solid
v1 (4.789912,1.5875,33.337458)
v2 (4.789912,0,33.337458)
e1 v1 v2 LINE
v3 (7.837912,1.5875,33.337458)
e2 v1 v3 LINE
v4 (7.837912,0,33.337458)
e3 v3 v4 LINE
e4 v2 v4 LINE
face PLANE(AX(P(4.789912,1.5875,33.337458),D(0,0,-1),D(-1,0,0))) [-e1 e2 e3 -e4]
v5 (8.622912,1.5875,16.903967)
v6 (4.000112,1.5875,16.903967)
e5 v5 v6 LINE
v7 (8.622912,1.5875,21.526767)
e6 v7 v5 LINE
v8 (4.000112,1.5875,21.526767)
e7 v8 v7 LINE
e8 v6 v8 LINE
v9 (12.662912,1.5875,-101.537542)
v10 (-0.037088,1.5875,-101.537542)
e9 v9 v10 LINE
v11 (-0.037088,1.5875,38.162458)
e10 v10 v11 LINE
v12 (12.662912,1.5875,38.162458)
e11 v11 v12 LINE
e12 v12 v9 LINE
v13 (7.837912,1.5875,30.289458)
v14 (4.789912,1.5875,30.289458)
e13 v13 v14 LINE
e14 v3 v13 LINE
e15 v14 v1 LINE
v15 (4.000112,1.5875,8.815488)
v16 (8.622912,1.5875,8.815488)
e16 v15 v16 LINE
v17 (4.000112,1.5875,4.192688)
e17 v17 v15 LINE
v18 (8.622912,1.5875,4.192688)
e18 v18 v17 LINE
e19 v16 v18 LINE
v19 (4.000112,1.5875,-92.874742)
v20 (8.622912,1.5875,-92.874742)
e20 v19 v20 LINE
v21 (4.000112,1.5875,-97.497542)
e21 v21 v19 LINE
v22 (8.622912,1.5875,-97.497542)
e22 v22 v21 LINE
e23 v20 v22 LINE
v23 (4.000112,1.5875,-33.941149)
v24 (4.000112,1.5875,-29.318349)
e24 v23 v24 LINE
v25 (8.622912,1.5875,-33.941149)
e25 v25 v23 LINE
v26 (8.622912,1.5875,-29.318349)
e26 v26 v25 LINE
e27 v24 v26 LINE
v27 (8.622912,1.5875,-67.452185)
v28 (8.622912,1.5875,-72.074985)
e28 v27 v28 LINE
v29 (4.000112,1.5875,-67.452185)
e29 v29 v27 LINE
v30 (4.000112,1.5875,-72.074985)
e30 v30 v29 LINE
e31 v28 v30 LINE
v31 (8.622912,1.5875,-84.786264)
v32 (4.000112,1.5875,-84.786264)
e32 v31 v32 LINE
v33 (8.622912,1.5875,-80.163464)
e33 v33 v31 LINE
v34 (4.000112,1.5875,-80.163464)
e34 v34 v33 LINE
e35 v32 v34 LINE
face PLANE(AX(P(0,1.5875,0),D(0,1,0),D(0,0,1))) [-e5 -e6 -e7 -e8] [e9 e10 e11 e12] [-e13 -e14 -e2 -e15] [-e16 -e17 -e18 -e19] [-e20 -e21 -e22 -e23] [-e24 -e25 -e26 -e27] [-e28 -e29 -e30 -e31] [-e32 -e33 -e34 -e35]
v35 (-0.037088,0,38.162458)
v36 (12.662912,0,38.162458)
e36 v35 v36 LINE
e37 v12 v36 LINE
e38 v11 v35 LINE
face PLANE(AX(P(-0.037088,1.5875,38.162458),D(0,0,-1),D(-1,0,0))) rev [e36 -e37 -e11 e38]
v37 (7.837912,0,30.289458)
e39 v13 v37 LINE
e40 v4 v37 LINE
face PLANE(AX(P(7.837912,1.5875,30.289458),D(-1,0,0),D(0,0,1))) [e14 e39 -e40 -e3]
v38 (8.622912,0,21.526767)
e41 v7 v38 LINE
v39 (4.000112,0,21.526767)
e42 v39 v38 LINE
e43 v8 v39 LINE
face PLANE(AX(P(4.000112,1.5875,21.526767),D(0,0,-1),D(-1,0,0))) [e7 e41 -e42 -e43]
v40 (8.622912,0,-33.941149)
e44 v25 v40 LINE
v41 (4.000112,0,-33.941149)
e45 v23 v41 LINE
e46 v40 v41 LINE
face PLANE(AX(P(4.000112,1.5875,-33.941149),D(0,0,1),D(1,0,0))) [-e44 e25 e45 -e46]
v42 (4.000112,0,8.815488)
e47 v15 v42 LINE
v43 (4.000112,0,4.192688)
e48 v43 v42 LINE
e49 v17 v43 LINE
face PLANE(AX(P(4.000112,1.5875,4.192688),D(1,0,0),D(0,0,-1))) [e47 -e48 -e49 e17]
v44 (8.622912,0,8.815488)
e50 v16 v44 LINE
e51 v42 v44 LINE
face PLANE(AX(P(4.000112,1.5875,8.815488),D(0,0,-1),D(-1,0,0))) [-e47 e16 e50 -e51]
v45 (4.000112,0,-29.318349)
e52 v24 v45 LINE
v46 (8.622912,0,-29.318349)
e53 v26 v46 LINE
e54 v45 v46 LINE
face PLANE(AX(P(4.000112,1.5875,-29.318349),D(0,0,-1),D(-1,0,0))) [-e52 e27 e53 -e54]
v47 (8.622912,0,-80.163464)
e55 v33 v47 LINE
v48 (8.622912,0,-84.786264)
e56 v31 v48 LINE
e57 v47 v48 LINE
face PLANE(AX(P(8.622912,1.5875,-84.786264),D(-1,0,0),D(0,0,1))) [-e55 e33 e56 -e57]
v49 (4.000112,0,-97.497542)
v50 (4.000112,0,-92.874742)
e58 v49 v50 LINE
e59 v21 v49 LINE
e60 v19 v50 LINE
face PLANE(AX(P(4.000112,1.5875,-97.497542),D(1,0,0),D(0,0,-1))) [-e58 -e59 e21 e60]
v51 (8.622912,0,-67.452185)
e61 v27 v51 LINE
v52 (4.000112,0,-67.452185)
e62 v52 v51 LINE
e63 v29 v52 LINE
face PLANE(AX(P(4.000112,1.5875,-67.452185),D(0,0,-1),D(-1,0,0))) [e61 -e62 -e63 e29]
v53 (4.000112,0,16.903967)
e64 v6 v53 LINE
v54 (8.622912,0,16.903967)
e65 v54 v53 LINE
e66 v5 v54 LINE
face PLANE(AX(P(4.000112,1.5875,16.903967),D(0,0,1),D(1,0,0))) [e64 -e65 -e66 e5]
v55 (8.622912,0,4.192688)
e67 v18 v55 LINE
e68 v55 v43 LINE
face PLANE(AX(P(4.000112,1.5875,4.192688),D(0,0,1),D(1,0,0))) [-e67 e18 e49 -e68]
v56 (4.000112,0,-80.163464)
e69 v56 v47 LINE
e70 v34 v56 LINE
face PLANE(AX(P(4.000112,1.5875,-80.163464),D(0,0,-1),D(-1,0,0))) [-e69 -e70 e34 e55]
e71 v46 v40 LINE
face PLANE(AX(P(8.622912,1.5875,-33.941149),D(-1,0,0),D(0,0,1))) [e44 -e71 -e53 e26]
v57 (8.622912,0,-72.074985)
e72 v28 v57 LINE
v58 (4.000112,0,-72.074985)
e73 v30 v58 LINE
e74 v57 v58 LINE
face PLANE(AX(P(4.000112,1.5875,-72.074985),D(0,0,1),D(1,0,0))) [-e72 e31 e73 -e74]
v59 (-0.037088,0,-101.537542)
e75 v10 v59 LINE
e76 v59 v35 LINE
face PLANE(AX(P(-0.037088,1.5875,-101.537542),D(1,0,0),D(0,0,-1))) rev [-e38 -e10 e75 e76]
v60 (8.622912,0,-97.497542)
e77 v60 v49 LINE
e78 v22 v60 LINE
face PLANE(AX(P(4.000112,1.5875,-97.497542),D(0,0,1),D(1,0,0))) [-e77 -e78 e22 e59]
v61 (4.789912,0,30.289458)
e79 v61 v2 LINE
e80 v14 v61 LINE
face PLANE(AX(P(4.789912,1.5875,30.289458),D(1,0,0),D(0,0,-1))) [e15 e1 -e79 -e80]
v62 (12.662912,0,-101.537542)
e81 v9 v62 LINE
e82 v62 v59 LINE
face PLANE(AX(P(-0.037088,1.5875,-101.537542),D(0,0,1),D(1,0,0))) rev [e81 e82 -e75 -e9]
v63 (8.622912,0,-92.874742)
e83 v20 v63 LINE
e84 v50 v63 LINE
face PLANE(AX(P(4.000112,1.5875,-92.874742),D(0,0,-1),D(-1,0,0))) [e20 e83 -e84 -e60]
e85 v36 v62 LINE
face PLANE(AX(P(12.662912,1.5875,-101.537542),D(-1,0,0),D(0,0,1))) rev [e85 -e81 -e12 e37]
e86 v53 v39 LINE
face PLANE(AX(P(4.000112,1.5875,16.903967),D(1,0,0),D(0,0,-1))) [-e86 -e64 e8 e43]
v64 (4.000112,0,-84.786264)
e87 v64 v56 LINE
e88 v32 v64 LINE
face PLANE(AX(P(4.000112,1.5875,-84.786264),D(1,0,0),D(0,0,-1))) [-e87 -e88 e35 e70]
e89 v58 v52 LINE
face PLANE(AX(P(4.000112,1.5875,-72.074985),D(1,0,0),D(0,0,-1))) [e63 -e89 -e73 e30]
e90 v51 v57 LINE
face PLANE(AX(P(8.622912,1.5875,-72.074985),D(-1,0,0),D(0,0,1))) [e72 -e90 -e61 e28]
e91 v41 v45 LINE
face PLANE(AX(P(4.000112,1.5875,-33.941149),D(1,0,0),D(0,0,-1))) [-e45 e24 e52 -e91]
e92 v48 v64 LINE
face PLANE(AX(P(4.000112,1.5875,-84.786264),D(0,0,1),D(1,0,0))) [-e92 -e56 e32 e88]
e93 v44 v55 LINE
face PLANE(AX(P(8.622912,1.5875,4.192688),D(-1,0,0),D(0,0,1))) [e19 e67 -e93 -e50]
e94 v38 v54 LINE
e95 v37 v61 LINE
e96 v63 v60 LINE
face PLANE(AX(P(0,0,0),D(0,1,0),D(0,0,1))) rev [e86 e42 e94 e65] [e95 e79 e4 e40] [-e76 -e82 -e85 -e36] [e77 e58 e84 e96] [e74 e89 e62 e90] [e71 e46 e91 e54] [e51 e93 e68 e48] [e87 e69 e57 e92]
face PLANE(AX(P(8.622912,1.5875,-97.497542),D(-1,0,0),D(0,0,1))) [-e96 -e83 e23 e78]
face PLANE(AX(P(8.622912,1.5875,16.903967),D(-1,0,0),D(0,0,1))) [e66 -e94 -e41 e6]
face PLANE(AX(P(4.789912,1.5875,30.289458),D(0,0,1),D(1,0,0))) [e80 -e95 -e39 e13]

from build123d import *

# Parameters (mm, degrees)
SKETCH1_W           = 12.7
SKETCH1_H           = 139.7
SKETCH1_W_2         = 4.6228
SKETCH1_H_2         = 4.6228
SKETCH1_W_3         = 3.048
SKETCH1_H_3         = 3.048
BOSS_EXTRUDE1_DEPTH = 1.5875


with BuildPart() as part:
    # Sketch1 → Boss-Extrude1 (new body)
    with BuildSketch(Plane(origin=(0, 0, 0), x_dir=(1, 0, 0), z_dir=(0, 1, 0))):
        with Locations((6.312912156, 31.687542426)):
            Rectangle(SKETCH1_W, SKETCH1_H)
        with Locations((6.311512156, 95.186142426)):
            Rectangle(SKETCH1_W_2, SKETCH1_H_2, mode=Mode.SUBTRACT)
        with Locations((6.311512156, 82.474863648)):
            Rectangle(SKETCH1_W_2, SKETCH1_H_2, mode=Mode.SUBTRACT)
        with Locations((6.311512156, 69.763584871)):
            Rectangle(SKETCH1_W_2, SKETCH1_H_2, mode=Mode.SUBTRACT)
        with Locations((6.313912156, -31.813457574)):
            Rectangle(SKETCH1_W_3, SKETCH1_H_3, mode=Mode.SUBTRACT)
        with Locations((6.311512156, 31.629748538)):
            Rectangle(SKETCH1_W_2, SKETCH1_H_2, mode=Mode.SUBTRACT)
        with Locations((6.311512156, -6.504087794)):
            Rectangle(SKETCH1_W_2, SKETCH1_H_2, mode=Mode.SUBTRACT)
        with Locations((6.311512156, -19.215366572)):
            Rectangle(SKETCH1_W_2, SKETCH1_H_2, mode=Mode.SUBTRACT)
    extrude(amount=BOSS_EXTRUDE1_DEPTH)


solid = part.part
